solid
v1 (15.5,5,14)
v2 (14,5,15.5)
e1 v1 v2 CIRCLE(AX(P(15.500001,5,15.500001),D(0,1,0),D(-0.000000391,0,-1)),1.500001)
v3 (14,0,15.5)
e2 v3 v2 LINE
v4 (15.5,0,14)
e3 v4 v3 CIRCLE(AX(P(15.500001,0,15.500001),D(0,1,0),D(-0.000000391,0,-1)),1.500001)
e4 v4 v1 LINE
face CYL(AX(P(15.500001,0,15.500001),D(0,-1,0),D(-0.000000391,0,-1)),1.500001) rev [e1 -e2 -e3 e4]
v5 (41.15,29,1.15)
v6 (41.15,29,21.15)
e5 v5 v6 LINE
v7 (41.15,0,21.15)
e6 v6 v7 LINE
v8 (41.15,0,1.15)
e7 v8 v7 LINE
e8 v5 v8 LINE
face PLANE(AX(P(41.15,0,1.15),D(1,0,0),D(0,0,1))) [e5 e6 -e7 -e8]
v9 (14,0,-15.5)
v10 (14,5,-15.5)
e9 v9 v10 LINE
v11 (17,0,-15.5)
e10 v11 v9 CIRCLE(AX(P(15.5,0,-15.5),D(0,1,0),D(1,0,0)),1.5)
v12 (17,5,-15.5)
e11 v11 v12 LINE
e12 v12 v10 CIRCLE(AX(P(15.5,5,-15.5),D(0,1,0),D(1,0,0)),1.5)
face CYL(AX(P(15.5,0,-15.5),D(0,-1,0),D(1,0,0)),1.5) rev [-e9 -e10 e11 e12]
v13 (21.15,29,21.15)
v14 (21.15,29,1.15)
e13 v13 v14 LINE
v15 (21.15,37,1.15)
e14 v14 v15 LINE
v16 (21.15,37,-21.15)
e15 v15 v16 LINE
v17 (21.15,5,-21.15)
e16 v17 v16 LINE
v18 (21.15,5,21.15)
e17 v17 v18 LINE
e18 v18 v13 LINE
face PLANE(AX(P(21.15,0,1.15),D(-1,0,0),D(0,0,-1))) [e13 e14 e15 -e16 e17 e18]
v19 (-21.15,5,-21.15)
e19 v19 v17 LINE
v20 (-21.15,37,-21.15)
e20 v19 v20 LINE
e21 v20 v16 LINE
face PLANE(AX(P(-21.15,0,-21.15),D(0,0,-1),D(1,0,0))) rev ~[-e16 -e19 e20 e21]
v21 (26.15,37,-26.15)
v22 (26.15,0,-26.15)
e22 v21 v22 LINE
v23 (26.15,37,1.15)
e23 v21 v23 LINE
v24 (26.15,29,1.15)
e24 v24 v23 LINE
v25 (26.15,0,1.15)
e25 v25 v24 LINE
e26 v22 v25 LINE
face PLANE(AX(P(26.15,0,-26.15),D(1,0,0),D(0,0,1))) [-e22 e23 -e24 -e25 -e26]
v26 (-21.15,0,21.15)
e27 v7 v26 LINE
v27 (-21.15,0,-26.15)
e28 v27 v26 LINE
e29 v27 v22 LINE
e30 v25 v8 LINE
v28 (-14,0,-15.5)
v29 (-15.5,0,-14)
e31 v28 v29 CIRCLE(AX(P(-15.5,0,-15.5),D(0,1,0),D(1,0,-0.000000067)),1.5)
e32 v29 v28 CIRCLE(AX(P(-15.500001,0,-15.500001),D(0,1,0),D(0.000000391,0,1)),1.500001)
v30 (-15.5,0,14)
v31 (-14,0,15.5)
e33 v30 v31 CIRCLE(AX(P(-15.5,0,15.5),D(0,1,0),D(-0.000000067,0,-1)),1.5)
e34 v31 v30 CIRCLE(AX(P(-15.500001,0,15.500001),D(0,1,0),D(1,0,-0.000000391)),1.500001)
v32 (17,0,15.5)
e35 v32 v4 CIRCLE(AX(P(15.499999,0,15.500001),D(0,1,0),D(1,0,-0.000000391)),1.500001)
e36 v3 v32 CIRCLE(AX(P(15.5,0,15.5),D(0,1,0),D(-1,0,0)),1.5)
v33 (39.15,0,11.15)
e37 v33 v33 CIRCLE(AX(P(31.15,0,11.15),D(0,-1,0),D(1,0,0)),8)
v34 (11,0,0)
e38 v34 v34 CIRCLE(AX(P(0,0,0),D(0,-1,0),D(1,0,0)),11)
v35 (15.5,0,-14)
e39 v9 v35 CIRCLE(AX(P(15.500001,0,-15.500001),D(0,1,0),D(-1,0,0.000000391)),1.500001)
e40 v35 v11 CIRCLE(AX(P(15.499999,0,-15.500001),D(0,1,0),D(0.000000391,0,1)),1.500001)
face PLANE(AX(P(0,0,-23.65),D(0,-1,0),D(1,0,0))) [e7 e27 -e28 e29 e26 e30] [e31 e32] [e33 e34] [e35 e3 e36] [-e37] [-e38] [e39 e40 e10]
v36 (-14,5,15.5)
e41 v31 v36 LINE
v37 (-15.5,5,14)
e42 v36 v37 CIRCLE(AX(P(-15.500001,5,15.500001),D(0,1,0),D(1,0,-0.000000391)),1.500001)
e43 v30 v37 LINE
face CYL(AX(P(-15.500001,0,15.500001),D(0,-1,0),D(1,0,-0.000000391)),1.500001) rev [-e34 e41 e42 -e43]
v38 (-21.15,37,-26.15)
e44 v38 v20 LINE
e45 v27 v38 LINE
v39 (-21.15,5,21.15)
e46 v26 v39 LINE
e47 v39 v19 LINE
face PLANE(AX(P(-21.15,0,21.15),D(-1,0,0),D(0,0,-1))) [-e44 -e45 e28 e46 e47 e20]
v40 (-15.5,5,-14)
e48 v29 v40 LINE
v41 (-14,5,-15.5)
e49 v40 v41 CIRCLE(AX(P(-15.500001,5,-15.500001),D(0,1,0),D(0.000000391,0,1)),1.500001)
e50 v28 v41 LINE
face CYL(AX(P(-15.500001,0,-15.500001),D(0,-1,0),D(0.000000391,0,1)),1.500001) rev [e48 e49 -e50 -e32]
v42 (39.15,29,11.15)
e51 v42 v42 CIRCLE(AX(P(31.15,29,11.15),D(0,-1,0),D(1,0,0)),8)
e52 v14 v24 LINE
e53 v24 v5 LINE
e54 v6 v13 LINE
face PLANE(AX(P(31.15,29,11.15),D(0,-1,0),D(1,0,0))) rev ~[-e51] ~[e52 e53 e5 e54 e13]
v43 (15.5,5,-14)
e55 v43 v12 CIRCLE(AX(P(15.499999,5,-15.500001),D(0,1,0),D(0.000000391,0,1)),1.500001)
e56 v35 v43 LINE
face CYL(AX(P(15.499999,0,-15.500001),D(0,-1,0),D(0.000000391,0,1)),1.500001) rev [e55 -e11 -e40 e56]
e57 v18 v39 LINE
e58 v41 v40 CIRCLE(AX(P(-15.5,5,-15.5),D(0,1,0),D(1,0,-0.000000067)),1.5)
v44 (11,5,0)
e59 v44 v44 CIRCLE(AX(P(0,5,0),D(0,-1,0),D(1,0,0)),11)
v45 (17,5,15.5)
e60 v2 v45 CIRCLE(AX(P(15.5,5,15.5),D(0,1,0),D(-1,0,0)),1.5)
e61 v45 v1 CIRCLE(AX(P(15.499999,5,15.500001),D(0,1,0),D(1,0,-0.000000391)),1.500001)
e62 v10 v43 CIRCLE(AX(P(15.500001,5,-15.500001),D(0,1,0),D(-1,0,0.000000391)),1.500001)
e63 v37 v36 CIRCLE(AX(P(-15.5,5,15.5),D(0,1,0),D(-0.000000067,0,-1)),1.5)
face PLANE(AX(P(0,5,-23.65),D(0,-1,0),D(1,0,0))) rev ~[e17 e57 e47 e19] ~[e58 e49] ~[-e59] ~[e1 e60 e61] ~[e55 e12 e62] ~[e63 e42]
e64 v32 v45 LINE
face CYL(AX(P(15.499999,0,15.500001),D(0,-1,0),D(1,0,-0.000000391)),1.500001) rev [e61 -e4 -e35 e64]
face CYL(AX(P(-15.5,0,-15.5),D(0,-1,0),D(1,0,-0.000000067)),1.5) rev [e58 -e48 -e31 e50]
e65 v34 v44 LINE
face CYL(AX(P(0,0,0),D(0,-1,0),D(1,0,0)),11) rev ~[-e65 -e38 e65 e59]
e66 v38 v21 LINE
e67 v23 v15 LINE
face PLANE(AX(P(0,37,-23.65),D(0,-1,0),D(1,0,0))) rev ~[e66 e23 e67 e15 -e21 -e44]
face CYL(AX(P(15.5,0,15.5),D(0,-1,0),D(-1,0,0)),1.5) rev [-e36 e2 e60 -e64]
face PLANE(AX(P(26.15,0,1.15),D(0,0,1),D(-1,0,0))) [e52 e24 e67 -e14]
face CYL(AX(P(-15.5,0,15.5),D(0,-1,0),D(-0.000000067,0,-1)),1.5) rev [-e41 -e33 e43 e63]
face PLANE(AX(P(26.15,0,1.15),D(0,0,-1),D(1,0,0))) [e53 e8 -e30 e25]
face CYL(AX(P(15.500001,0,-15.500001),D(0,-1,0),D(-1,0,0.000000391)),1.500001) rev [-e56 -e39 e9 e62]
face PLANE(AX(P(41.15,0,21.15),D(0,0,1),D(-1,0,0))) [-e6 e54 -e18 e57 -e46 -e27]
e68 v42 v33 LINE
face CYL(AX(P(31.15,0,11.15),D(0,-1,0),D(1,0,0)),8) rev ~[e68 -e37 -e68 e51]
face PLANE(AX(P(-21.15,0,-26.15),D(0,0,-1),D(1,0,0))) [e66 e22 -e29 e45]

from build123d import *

# Parameters (mm, degrees)
F0_W     = 42.3
F0_H     = 5
F0_R     = 8
F0_R_2   = 11
F1_DEPTH = 5
F2_DEPTH = 37
F3_DEPTH = 29


with BuildPart() as f1:
    # F0 (on Front) → F1 (new body)
    with BuildSketch(Plane.XZ):
        with Locations((0, -23.65)):
            Rectangle(F0_W, F0_H)
        Polygon((21.15, 20.15), (21.15, 1.15), (26.15, 1.15), (41.15, 1.15), (41.15, 21.15), (26.15, 21.15), (21.15, 21.15), align=None)
        with Locations((31.15, 11.15)):
            Circle(F0_R, mode=Mode.SUBTRACT)
        Polygon((21.15, 1.15), (21.15, -21.15), (21.15, -26.15), (26.15, -26.15), (26.15, 1.15), align=None)
        Polygon((-21.15, -21.15), (21.15, -21.15), (21.15, 1.15), (21.15, 20.15), (21.15, 21.15), (20.15, 21.15), (-21.15, 21.15), align=None)
        with BuildLine():
            Line((14, -15.5), (-14, -15.5))
            ThreePointArc((-14, -15.5), (-16.56066, -16.56066), (-15.5, -14))
            Line((-15.5, -14), (-15.5, 14))
            ThreePointArc((-15.5, 14), (-16.56066, 16.56066), (-14, 15.5))
            Line((-14, 15.5), (14, 15.5))
            ThreePointArc((14, 15.5), (15.5, 17), (17, 15.5))
            ThreePointArc((17, 15.5), (16.56066, 14.43934), (15.5, 14))
            Line((15.5, 14), (15.5, -14))
            ThreePointArc((15.5, -14), (16.56066, -14.43934), (17, -15.5))
            ThreePointArc((17, -15.5), (15.5, -17), (14, -15.5))
        make_face(mode=Mode.SUBTRACT)
        with BuildLine():
            ThreePointArc((-15.5, -14), (-14.43934, -14.43934), (-14, -15.5))
            Line((-14, -15.5), (14, -15.5))
            ThreePointArc((14, -15.5), (14.43934, -14.43934), (15.5, -14))
            Line((15.5, -14), (15.5, 14))
            ThreePointArc((15.5, 14), (14.43934, 14.43934), (14, 15.5))
            Line((14, 15.5), (-14, 15.5))
            ThreePointArc((-14, 15.5), (-14.43934, 14.43934), (-15.5, 14))
            Line((-15.5, 14), (-15.5, -14))
        make_face()
        Circle(F0_R_2, mode=Mode.SUBTRACT)
    extrude(amount=-F1_DEPTH)

    # F0 (on Front) → F2 (join)
    with BuildSketch(Plane.XZ):
        with Locations((0, -23.65)):
            Rectangle(F0_W, F0_H)
        Polygon((21.15, 1.15), (21.15, -21.15), (21.15, -26.15), (26.15, -26.15), (26.15, 1.15), align=None)
    extrude(amount=-F2_DEPTH)

    # F0 (on Front) → F3 (join)
    with BuildSketch(Plane.XZ):
        Polygon((21.15, 20.15), (21.15, 1.15), (26.15, 1.15), (41.15, 1.15), (41.15, 21.15), (26.15, 21.15), (21.15, 21.15), align=None)
        with Locations((31.15, 11.15)):
            Circle(F0_R, mode=Mode.SUBTRACT)
    extrude(amount=-F3_DEPTH)


solid = f1.part
